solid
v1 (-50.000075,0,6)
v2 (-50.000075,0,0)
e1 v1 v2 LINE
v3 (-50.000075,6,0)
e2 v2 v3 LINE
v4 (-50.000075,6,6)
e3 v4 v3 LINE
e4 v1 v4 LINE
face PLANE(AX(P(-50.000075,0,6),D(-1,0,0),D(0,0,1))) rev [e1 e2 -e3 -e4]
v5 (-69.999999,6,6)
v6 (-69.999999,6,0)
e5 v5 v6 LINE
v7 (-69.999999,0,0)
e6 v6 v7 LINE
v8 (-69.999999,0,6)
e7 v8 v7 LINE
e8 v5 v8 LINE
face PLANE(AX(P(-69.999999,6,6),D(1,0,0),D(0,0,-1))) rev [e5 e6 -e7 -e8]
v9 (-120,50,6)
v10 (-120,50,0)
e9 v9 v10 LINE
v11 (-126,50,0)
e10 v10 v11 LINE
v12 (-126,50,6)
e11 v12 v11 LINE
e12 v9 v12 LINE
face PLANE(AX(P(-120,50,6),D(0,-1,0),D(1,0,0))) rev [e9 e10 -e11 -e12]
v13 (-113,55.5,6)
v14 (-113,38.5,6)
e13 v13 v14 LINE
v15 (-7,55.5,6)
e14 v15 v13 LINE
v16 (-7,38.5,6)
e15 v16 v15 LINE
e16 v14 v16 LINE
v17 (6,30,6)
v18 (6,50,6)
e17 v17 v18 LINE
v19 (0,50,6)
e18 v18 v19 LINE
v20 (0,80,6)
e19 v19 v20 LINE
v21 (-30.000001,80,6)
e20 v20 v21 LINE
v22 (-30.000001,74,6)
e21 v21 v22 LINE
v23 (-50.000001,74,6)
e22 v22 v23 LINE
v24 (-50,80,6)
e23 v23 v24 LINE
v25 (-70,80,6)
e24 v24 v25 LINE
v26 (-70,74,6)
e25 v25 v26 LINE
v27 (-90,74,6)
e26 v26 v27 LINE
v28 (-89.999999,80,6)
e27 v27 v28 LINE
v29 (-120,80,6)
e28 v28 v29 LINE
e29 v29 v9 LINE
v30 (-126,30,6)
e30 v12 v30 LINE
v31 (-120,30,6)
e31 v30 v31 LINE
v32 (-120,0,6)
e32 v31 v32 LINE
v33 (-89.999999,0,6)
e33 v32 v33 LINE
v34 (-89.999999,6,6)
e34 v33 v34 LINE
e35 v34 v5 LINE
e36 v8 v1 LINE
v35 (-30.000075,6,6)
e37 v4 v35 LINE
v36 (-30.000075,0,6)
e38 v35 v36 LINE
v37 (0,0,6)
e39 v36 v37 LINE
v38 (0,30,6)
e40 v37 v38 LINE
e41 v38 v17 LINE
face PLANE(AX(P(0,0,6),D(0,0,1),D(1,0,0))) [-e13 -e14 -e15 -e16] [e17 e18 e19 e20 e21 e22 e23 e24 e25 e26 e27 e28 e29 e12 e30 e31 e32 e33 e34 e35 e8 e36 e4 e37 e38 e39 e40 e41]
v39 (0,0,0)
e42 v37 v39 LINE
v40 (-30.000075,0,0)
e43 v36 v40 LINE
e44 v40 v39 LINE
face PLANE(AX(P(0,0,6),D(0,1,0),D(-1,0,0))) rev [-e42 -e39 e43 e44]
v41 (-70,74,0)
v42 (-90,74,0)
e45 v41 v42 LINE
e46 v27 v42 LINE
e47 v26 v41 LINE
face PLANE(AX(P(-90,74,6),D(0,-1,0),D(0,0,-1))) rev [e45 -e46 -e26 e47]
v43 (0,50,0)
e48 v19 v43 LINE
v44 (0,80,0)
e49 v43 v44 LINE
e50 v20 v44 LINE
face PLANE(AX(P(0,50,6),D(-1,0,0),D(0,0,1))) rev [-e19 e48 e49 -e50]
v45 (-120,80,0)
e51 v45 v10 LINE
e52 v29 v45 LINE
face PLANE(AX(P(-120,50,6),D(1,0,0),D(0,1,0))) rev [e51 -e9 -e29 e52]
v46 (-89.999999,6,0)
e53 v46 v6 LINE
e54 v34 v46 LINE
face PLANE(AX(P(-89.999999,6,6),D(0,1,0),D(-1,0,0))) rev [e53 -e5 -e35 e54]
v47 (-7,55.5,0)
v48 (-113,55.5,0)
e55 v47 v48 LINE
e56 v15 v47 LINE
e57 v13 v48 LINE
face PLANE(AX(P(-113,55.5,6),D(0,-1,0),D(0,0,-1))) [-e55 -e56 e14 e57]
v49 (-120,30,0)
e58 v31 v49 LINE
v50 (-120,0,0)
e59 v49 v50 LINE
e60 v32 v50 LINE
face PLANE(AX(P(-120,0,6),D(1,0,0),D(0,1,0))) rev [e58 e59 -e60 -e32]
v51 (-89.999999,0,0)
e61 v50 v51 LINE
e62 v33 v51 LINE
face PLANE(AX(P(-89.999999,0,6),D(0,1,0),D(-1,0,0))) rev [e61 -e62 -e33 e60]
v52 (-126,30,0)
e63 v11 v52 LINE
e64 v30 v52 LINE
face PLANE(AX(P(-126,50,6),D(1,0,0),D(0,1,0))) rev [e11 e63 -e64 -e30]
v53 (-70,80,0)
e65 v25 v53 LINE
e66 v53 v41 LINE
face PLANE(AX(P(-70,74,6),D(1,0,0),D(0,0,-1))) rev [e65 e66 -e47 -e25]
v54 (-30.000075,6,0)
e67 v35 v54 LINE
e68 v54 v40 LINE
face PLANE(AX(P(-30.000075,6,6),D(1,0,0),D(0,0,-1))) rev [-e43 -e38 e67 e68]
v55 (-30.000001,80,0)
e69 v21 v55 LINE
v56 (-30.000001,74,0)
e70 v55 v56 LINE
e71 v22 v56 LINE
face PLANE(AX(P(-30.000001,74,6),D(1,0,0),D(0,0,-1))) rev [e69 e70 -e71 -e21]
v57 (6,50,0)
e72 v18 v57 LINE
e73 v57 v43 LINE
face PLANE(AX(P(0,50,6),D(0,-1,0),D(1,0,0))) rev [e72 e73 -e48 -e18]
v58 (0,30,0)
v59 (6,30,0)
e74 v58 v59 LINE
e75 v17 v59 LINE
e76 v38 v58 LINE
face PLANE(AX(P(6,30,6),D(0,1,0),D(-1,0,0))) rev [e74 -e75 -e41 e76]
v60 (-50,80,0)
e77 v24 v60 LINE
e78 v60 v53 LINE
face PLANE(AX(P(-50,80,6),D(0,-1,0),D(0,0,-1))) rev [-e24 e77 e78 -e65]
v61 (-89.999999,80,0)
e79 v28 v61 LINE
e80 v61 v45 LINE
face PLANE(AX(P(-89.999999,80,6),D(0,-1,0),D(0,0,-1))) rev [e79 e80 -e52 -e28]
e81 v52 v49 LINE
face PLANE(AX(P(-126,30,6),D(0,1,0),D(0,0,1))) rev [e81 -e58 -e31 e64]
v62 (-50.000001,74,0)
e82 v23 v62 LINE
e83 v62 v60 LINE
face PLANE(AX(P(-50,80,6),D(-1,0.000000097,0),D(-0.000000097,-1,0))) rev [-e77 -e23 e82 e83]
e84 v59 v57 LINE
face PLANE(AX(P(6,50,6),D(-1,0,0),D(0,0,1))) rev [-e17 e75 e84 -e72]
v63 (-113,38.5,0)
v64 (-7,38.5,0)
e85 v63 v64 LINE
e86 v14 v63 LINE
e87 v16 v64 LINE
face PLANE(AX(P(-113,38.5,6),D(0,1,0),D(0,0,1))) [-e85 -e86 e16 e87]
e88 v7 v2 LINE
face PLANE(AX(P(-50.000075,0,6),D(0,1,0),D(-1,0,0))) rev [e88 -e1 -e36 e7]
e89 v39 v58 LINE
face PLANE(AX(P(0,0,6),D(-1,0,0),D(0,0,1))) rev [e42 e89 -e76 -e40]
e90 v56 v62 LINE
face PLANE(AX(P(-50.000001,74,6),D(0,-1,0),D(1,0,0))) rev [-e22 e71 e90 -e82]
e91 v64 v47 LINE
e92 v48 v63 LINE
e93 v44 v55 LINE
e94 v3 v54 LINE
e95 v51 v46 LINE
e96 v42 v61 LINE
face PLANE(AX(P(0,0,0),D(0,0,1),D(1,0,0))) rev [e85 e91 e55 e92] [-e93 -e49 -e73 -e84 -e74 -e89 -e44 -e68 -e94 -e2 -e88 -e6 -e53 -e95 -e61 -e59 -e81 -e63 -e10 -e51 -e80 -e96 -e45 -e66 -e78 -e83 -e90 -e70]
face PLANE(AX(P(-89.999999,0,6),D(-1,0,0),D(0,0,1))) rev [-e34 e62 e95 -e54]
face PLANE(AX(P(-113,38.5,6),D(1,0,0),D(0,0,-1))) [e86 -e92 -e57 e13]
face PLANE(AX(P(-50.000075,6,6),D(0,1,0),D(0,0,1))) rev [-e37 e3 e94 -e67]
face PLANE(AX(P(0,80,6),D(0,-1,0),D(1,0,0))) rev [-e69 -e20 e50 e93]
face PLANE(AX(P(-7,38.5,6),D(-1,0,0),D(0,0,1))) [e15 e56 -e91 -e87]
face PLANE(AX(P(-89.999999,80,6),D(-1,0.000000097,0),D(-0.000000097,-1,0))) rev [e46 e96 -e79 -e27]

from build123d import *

# Parameters (mm, degrees)
ESBO_O1_W                = 106
ESBO_O1_H                = 17
RESSALTO_EXTRUS_O6_DEPTH = 6


with BuildPart() as part:
    # Esboço1 → Ressalto-extrusão6 (new body)
    with BuildSketch(Plane.XY):
        Polygon((-89.999999416, 0), (-89.999999416, 6), (-69.999999416, 6), (-69.999999416, 0), (-50.000075213, 0), (-50.000075213, 6), (-30.000075213, 6), (-30.000075213, 0), (0, 0), (0, 30), (6, 30), (6, 50), (0, 50), (0, 80), (-30.000000584, 80), (-30.000000584, 74), (-50.000000584, 74), (-50, 80), (-70, 80), (-70, 74), (-90, 74), (-89.999999416, 80), (-120, 80), (-120, 50), (-126, 50), (-126, 30), (-120, 30), (-120, 0), align=None)
        with Locations((-60, 47)):
            Rectangle(ESBO_O1_W, ESBO_O1_H, mode=Mode.SUBTRACT)
    extrude(amount=RESSALTO_EXTRUS_O6_DEPTH)


solid = part.part
